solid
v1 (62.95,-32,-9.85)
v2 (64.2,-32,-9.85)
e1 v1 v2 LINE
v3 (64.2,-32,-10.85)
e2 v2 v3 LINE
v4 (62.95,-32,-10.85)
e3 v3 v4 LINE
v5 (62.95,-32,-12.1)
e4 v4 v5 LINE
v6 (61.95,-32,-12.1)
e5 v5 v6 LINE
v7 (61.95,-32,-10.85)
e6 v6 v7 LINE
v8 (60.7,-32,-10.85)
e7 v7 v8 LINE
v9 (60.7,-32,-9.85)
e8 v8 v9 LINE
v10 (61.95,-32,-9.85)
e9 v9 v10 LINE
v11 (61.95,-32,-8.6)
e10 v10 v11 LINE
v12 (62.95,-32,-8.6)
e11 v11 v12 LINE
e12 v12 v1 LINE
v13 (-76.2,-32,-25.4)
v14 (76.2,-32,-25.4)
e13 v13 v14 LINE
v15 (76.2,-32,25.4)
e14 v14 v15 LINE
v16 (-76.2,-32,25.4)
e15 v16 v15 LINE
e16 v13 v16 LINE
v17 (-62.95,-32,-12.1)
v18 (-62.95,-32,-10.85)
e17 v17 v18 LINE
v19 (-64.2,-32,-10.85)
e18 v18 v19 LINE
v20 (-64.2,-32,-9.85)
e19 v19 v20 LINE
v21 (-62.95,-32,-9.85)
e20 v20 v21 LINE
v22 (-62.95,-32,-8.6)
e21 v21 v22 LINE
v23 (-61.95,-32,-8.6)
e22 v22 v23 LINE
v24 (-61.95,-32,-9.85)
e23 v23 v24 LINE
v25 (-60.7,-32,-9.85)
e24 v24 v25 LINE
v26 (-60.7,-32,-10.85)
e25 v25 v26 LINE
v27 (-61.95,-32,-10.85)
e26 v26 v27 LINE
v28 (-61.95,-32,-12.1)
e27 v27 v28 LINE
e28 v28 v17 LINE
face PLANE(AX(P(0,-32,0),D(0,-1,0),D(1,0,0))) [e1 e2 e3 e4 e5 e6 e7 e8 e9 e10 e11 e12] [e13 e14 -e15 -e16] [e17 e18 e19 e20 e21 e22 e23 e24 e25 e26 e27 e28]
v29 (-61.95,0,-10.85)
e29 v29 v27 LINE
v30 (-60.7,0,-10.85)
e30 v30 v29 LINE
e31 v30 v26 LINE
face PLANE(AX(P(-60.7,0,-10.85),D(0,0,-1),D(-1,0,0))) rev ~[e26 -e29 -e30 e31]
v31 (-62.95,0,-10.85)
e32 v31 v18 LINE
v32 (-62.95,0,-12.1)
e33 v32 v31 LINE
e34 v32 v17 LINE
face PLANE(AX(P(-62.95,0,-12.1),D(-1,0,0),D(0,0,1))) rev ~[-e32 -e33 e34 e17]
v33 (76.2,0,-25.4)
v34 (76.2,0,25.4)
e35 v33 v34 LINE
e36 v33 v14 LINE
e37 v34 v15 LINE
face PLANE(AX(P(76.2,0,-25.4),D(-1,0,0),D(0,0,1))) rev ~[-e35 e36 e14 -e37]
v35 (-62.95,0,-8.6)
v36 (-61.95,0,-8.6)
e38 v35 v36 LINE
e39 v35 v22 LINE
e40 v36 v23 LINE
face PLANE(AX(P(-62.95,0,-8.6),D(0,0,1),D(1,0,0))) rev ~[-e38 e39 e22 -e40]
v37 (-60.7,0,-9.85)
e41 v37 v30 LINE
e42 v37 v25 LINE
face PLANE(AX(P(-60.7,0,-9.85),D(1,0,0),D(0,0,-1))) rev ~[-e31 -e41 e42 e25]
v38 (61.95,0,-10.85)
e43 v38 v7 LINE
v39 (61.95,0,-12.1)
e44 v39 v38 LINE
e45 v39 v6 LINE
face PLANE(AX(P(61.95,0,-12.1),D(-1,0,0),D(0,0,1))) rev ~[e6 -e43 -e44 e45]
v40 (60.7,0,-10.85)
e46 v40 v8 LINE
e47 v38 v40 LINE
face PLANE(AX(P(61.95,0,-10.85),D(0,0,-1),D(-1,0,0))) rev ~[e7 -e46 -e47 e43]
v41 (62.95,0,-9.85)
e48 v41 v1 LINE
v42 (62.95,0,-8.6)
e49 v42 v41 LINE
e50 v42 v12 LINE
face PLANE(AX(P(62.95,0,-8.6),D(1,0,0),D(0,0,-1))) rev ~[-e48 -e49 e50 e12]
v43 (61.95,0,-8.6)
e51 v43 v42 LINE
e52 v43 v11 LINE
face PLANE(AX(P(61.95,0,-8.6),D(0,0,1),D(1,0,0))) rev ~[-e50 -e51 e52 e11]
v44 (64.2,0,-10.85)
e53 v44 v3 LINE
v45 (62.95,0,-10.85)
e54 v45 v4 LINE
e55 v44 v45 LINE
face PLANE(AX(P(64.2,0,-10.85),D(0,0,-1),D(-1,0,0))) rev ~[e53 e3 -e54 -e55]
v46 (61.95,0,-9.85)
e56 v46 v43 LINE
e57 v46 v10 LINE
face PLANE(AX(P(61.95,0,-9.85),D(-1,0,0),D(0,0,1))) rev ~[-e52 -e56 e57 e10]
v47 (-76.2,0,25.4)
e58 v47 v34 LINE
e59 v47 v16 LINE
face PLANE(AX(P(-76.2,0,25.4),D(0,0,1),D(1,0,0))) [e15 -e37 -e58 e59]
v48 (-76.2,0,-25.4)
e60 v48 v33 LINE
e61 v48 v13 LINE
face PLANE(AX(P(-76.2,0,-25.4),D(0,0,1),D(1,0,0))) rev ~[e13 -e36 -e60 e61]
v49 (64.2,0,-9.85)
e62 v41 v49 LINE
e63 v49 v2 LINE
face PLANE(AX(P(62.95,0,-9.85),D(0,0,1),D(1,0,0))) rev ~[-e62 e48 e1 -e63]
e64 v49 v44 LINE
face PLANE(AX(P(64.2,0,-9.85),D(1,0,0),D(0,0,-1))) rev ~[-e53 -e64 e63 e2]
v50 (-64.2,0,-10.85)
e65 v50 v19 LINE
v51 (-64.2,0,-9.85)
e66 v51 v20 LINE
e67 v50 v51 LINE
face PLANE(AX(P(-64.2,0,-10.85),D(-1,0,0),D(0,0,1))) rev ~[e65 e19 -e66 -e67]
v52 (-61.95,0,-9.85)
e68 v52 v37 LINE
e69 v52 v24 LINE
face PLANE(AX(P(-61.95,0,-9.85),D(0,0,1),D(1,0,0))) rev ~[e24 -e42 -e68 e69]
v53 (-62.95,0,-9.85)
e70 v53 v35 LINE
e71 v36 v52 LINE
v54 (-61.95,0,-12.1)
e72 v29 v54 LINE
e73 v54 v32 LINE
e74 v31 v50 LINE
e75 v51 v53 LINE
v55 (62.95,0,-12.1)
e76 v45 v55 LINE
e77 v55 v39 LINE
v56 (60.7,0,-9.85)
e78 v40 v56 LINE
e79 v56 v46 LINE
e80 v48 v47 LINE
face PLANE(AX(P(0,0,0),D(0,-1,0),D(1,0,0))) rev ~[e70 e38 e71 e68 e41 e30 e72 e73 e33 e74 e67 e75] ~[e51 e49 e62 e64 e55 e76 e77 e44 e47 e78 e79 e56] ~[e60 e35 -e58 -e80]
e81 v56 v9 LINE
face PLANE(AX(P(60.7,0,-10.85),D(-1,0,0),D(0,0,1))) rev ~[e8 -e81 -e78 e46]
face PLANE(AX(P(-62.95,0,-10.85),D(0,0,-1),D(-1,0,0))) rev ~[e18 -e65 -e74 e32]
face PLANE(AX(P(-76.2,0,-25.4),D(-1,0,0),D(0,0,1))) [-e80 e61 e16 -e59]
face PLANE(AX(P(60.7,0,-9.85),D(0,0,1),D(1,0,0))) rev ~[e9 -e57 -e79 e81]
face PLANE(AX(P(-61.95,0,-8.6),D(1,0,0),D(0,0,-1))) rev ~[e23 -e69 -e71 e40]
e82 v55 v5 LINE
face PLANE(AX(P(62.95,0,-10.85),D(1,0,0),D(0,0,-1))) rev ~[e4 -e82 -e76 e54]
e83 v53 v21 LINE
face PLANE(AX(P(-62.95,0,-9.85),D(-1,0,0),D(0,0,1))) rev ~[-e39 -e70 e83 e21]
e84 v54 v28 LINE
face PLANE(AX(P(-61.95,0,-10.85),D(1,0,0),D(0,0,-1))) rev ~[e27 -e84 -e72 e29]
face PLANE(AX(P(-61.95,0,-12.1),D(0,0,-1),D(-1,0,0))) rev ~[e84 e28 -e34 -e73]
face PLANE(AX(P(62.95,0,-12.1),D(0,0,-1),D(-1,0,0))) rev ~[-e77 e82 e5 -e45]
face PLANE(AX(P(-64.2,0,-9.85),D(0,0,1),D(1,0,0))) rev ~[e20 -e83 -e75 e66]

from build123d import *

# Parameters (mm, degrees)
F0_W     = 152.4
F0_H     = 50.8
F1_DEPTH = 32


with BuildPart() as f1:
    # F0 (on Front) → F1 (new body)
    with BuildSketch(Plane.XZ):
        Rectangle(F0_W, F0_H)
        Polygon((-62.95, -9.85), (-62.95, -8.6), (-61.95, -8.6), (-61.95, -9.85), (-60.7, -9.85), (-60.7, -10.85), (-61.95, -10.85), (-61.95, -12.1), (-62.95, -12.1), (-62.95, -10.85), (-64.2, -10.85), (-64.2, -9.85), align=None, mode=Mode.SUBTRACT)
        Polygon((60.7, -9.85), (61.95, -9.85), (61.95, -8.6), (62.95, -8.6), (62.95, -9.85), (64.2, -9.85), (64.2, -10.85), (62.95, -10.85), (62.95, -12.1), (61.95, -12.1), (61.95, -10.85), (60.7, -10.85), align=None, mode=Mode.SUBTRACT)
    extrude(amount=F1_DEPTH)


solid = f1.part
